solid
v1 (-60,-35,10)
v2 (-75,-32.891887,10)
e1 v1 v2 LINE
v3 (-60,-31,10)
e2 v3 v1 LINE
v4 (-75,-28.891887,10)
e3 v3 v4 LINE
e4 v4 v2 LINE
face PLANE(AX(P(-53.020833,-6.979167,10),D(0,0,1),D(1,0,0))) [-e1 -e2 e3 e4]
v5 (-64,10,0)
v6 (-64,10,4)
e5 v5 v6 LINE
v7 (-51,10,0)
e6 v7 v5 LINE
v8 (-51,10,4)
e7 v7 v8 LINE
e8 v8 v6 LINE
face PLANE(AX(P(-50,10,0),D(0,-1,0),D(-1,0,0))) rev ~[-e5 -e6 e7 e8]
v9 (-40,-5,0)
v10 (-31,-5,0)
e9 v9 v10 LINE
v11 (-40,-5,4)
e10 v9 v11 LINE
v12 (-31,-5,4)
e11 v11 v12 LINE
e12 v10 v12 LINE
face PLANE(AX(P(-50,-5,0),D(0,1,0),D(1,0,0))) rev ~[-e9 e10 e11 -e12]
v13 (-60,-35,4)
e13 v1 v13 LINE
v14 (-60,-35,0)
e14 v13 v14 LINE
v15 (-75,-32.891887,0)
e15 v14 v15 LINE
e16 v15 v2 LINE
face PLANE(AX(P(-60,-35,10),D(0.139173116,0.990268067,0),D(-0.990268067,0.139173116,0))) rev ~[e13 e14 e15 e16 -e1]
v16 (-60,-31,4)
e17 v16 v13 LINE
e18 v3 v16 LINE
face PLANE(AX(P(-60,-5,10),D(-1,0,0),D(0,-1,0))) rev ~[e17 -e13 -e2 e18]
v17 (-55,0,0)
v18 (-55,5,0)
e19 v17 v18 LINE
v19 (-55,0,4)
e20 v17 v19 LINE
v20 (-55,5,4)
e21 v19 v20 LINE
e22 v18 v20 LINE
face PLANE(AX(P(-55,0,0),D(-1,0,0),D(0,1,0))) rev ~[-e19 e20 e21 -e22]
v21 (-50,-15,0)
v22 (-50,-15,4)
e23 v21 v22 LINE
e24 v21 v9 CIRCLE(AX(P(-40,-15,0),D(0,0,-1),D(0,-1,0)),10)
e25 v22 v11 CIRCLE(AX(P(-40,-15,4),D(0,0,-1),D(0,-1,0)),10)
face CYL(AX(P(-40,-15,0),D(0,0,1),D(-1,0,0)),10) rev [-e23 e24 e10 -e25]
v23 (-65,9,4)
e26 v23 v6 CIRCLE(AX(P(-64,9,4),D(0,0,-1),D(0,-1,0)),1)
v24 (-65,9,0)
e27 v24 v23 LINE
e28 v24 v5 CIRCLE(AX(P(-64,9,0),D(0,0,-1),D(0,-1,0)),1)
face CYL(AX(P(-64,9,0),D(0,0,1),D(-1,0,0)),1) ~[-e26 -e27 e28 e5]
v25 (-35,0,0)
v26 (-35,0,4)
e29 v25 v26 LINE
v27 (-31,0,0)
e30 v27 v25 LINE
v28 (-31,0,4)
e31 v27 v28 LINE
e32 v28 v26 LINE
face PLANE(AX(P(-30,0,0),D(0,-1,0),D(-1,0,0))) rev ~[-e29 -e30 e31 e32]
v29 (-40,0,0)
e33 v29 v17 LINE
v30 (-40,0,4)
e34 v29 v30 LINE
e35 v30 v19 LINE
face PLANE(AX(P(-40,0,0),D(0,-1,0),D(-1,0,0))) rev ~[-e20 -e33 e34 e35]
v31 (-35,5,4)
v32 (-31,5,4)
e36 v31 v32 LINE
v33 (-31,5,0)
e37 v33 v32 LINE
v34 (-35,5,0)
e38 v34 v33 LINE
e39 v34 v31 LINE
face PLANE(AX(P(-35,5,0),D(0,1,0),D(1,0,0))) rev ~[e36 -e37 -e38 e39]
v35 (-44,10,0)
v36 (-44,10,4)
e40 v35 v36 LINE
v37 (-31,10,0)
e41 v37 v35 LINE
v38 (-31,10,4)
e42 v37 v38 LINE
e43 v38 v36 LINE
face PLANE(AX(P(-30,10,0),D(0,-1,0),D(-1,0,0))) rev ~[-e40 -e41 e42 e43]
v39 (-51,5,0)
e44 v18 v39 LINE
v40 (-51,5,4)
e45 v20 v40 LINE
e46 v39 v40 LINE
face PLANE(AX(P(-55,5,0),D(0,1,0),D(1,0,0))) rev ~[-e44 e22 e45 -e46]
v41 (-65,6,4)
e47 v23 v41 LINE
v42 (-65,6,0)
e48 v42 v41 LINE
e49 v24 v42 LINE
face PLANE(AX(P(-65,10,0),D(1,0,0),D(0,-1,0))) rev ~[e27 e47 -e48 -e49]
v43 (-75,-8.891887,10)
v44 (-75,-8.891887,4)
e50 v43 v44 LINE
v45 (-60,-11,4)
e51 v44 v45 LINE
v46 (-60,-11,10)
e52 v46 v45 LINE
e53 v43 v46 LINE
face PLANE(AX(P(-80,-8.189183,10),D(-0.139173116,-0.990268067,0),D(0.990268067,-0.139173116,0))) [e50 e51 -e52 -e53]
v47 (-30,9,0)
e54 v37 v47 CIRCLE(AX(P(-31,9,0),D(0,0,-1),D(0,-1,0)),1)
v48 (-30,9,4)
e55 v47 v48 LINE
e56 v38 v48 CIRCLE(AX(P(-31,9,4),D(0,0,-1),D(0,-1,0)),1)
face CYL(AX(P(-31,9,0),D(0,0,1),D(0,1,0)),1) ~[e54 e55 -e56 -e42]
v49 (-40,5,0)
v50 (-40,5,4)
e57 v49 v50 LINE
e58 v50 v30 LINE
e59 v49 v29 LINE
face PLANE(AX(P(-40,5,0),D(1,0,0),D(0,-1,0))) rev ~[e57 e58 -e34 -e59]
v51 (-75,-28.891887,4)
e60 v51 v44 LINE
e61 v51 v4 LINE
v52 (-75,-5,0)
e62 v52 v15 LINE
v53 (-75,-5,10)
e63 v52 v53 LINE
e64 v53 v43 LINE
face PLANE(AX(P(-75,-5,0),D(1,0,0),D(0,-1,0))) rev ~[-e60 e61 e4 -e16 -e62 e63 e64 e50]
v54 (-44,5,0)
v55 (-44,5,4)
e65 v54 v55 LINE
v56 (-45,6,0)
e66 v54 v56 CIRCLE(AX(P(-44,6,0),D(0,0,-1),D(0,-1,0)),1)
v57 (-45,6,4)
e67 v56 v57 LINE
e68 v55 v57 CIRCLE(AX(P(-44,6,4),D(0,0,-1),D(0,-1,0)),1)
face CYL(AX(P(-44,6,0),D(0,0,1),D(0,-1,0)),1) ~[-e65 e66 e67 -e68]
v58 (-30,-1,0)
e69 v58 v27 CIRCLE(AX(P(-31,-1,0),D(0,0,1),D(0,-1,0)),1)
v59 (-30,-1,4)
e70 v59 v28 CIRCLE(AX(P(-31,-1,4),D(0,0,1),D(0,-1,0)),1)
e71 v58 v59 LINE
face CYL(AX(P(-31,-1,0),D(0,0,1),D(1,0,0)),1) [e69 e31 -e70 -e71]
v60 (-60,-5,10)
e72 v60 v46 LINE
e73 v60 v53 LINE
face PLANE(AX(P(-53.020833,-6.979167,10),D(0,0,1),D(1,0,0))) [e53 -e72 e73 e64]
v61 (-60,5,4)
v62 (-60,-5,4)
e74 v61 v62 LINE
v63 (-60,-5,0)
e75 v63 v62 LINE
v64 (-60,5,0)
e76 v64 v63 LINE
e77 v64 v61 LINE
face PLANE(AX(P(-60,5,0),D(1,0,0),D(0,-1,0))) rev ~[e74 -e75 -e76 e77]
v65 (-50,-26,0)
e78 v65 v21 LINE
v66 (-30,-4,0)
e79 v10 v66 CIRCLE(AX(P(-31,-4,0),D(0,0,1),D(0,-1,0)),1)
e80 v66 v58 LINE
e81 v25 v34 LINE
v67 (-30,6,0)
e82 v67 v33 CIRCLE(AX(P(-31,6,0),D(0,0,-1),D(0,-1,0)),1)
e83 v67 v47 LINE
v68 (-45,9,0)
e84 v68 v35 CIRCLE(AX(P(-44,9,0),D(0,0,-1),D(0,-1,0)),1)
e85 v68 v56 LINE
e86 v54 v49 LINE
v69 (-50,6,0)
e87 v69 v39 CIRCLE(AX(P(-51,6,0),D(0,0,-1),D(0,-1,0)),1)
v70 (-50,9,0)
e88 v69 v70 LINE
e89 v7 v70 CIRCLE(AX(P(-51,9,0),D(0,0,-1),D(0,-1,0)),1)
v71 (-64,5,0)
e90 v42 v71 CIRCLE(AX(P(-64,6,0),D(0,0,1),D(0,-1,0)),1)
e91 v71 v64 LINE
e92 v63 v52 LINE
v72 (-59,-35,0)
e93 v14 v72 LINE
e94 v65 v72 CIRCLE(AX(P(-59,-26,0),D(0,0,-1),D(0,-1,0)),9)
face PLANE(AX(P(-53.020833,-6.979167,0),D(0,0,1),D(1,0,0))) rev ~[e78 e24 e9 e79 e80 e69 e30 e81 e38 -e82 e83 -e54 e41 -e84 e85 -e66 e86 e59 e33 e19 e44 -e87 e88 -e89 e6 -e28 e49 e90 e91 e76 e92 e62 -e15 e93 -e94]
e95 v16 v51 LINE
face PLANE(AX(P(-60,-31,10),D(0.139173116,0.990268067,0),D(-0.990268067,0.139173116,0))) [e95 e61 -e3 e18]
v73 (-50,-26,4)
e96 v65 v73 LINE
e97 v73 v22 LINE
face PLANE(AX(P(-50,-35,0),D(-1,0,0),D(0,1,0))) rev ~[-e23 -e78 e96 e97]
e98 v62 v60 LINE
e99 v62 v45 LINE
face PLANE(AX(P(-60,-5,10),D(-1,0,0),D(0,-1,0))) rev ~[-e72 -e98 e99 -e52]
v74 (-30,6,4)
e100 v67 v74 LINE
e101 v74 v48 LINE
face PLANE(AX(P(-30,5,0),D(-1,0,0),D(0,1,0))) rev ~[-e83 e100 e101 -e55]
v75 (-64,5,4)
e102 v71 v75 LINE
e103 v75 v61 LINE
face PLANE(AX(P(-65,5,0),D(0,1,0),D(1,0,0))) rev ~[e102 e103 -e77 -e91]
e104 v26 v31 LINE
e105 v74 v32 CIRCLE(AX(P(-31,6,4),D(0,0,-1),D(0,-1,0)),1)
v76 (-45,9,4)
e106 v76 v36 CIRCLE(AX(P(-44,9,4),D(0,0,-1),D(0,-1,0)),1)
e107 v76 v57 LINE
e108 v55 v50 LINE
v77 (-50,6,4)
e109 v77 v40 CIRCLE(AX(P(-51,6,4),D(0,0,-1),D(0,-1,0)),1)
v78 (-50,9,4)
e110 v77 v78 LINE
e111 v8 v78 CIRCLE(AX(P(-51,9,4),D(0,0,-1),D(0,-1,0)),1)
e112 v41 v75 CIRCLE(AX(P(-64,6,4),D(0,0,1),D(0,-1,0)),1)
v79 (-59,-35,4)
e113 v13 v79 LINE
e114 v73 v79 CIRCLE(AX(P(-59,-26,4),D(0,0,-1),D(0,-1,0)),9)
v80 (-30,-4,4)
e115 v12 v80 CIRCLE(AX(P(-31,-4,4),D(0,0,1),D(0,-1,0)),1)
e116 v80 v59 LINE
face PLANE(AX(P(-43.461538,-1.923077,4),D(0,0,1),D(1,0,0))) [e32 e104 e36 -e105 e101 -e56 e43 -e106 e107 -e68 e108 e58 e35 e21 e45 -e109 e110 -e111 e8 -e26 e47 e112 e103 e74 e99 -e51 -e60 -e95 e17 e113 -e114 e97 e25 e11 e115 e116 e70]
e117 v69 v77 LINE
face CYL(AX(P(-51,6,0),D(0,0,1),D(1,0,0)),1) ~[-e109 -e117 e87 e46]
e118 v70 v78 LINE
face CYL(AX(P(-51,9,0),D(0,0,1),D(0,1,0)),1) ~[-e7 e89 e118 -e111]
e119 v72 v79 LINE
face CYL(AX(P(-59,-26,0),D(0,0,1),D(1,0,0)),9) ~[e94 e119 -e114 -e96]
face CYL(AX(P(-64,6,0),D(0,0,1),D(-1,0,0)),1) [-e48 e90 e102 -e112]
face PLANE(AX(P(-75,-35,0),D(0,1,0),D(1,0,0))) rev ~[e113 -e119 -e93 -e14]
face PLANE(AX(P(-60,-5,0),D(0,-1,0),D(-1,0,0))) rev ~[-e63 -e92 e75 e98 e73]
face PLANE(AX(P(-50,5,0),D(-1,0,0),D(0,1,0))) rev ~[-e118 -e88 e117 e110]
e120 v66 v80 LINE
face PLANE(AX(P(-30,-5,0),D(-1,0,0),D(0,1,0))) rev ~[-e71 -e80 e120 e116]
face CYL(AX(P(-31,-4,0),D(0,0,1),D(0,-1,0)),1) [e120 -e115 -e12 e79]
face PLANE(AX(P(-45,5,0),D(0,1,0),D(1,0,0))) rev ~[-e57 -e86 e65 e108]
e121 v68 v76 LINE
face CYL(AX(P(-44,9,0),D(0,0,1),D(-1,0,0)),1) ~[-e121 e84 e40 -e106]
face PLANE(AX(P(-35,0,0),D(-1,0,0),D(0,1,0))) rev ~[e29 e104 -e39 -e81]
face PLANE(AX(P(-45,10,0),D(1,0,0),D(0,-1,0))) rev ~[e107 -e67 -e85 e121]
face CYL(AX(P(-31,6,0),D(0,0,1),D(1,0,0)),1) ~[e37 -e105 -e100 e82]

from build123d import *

# Parameters (mm, degrees)
PAD_DEPTH       = 10
POCKET_DEPTH    = 6
POCKET001_DEPTH = 6
POCKET002_DEPTH = 11
FILLET_R        = 1
FILLET001_R     = 10
FILLET002_R     = 9
FILLET003_R     = 1


with BuildPart() as part:
    # Sketch → Pad (new body)
    with BuildSketch(Plane.XY):
        Polygon((-65, 10), (-65, 5), (-60, 5), (-60, -5), (-75, -5), (-75, -35), (-50, -35), (-50, -5), (-30, -5), (-30, 0), (-35, 0), (-35, 5), (-30, 5), (-30, 10), (-45, 10), (-45, 5), (-40, 5), (-40, 0), (-55, 0), (-55, 5), (-50, 5), (-50, 10), align=None)
    extrude(amount=PAD_DEPTH)

    # Sketch001 (on Face24 of Pad) → Pocket (cut)
    with BuildSketch(Plane.XY.offset(10)):
        Polygon((0, 15), (-80, 15), (-80, -5), (-60, -5), (-60, -35), (-50, -35), (-50, -5), (0, -5), align=None)
    extrude(amount=-POCKET_DEPTH, mode=Mode.SUBTRACT)

    # Sketch002 (on Face27 of Pocket) → Pocket001 (cut)
    with BuildSketch(Plane.XY.offset(10)):
        Polygon((-80, -8.189183), (-60, -11), (-60, -31), (-80, -28.189183), align=None)
    extrude(amount=-POCKET001_DEPTH, mode=Mode.SUBTRACT)

    # Sketch003 (on Face29 of Pocket001) → Pocket002 (cut)
    with BuildSketch(Plane.XY.offset(10)):
        Polygon((-60, -35), (-80, -32.189183), (-80, -40), (-60, -40), align=None)
    extrude(amount=-POCKET002_DEPTH, mode=Mode.SUBTRACT)

    # Fillet
    fillet_edges = [part.edges().sort_by_distance(p)[0] for p in [
        (-65, 5, 2),
        (-45, 5, 2),
        (-45, 10, 2),
        (-65, 10, 2),
        (-50, 10, 2),
        (-30, 10, 2),
        (-50, 5, 2),
        (-30, 5, 2),
    ]]
    fillet(fillet_edges, radius=FILLET_R)

    # Fillet001
    fillet001_edges = [part.edges().sort_by_distance(p)[0] for p in [
        (-50, -5, 2),
    ]]
    fillet(fillet001_edges, radius=FILLET001_R)

    # Fillet002
    fillet002_edges = [part.edges().sort_by_distance(p)[0] for p in [
        (-50, -35, 2),
    ]]
    fillet(fillet002_edges, radius=FILLET002_R)

    # Fillet003
    fillet003_edges = [part.edges().sort_by_distance(p)[0] for p in [
        (-30, -5, 2),
        (-30, 0, 2),
    ]]
    fillet(fillet003_edges, radius=FILLET003_R)


solid = part.part
